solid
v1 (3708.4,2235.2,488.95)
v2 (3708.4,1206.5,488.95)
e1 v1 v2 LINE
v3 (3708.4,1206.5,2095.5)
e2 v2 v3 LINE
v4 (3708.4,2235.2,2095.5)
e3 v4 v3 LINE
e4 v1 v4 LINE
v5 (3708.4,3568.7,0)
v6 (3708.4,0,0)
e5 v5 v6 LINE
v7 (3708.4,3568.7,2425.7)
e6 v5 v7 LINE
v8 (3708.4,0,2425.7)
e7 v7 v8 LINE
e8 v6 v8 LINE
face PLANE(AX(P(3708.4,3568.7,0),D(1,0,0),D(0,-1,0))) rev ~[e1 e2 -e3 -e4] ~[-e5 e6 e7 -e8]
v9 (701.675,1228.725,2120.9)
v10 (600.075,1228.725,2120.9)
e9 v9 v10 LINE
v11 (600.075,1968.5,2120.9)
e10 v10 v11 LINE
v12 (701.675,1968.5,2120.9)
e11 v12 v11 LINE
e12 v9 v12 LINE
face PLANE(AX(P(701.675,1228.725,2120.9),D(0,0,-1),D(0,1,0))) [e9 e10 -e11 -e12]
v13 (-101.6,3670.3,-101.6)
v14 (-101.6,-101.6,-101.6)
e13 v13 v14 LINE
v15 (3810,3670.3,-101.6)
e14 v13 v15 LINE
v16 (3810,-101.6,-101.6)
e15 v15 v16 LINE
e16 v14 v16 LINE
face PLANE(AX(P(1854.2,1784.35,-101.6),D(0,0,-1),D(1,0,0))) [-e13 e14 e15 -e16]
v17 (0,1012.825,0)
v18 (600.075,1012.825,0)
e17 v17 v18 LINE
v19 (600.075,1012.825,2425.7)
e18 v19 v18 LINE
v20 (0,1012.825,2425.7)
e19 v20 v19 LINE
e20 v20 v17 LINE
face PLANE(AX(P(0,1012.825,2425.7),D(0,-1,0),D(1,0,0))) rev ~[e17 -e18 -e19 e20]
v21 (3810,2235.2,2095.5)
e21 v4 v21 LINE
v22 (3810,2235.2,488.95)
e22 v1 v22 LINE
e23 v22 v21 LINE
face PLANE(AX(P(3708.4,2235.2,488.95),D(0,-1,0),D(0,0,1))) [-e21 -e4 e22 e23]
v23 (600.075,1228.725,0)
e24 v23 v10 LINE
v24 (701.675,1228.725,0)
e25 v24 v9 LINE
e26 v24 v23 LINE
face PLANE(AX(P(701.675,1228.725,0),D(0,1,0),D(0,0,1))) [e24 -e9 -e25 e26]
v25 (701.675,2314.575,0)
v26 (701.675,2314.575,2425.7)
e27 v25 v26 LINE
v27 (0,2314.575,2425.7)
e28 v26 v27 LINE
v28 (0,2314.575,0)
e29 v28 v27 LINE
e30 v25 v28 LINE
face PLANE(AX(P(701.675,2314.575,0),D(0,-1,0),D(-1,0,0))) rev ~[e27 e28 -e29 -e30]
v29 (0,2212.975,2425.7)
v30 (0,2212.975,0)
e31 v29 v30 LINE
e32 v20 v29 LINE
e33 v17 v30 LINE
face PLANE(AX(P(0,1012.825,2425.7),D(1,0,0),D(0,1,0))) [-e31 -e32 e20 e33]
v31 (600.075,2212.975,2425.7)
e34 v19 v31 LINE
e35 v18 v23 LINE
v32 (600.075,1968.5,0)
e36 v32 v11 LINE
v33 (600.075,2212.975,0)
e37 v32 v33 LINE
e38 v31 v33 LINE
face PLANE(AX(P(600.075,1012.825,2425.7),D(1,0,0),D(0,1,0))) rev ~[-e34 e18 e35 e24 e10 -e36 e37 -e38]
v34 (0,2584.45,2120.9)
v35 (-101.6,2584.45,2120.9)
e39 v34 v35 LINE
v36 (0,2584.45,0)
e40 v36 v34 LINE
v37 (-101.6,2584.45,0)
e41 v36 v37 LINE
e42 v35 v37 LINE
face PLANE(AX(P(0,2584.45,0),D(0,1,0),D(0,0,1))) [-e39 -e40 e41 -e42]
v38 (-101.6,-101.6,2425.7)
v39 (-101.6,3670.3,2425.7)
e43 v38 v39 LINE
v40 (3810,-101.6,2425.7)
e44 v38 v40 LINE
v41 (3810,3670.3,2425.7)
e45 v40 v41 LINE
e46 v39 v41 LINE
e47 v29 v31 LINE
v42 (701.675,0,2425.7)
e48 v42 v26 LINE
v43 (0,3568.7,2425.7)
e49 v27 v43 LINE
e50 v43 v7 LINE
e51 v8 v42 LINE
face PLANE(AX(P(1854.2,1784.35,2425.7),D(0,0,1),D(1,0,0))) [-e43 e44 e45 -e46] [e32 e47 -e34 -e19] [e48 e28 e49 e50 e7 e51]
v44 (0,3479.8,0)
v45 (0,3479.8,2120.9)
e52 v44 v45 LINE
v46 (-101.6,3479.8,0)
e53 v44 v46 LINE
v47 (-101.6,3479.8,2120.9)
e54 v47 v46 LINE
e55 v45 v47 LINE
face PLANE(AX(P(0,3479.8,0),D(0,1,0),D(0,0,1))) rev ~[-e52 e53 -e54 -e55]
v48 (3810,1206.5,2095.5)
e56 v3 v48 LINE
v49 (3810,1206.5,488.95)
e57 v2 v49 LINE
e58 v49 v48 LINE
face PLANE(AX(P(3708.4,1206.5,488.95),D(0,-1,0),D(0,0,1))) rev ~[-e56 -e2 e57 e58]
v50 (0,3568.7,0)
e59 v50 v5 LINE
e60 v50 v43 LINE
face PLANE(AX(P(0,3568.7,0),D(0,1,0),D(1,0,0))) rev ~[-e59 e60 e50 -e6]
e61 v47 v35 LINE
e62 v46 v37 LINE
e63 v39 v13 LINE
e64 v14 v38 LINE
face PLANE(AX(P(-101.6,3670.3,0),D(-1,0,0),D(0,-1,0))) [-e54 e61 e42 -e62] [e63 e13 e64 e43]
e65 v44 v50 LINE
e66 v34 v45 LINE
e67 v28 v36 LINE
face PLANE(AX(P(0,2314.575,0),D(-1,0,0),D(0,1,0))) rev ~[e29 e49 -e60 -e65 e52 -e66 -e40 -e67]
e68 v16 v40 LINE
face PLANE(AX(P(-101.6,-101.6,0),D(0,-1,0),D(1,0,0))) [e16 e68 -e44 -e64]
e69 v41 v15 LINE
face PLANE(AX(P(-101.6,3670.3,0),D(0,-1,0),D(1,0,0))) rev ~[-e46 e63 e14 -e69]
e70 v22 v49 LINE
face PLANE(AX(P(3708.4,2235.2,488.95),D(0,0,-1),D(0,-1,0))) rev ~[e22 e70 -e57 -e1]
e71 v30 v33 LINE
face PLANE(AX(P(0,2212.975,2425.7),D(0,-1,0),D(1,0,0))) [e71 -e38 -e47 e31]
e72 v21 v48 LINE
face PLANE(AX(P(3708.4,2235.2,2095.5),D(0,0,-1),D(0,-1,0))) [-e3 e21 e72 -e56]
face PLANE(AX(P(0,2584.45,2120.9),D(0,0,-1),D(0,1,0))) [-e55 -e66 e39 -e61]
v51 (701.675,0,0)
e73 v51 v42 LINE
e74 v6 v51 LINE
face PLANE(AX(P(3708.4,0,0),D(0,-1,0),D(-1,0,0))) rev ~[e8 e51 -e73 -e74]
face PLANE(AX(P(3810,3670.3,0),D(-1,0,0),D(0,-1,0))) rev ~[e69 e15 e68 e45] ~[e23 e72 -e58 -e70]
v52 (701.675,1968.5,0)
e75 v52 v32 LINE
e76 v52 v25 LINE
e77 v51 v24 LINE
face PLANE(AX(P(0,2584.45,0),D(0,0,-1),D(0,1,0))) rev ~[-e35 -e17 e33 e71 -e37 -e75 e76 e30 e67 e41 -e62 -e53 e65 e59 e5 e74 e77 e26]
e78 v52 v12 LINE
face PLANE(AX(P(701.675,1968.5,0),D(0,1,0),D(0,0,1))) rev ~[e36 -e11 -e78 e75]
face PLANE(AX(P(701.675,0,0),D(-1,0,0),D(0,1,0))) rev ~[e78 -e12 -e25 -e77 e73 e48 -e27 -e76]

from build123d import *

# Parameters (mm, degrees)
F0_W      = 3911.6
F0_H      = 3771.9
F1_DEPTH  = 2425.7
F2_W      = 3911.6
F2_H      = 3771.9
F3_DEPTH  = 101.6
F4_W      = 895.35
F4_H      = 2120.9
F5_DEPTH  = 101.601
F6_W      = 1028.7
F6_H      = 1606.55
F7_DEPTH  = 101.601
F8_W      = 739.775
F8_H      = 2120.9
F9_DEPTH  = 101.6
F10_W     = 600.075
F10_H     = 1200.15
F11_DEPTH = 2425.7


with BuildPart() as f1:
    # F0 (on Top) → F1 (new body)
    with BuildSketch(Plane.XY):
        with Locations((1854.2, 1784.35)):
            Rectangle(F0_W, F0_H)
        Polygon((3708.4, 0), (701.675, 0), (701.675, 2314.575), (0, 2314.575), (0, 3568.7), (3708.4, 3568.7), align=None, mode=Mode.SUBTRACT)
    extrude(amount=F1_DEPTH)

    # F2 (on face) → F3 (join)
    with BuildSketch(Plane(origin=(0, 0, 0), x_dir=(1, 0, 0), z_dir=(0, 0, -1))):
        with Locations((1854.2, -1784.35)):
            Rectangle(F2_W, F2_H)
    extrude(amount=F3_DEPTH)

    # F4 (on face) → F5 (cut, through all)
    with BuildSketch(Plane.YZ):
        with Locations((3032.125, 1060.45)):
            Rectangle(F4_W, F4_H)
    extrude(amount=-F5_DEPTH, mode=Mode.SUBTRACT)

    # F6 (on face) → F7 (cut, through all)
    with BuildSketch(Plane(origin=(3708.4, 0, 0), x_dir=(0, -1, 0), z_dir=(-1, 0, 0))):
        with Locations((-1720.85, 1292.225)):
            Rectangle(F6_W, F6_H)
    extrude(amount=-F7_DEPTH, mode=Mode.SUBTRACT)

    # F8 (on face) → F9 (cut)
    with BuildSketch(Plane.YZ.offset(701.675)):
        with Locations((1598.6125, 1060.45)):
            Rectangle(F8_W, F8_H)
    extrude(amount=-F9_DEPTH, mode=Mode.SUBTRACT)

    # F10 (on face) → F11 (cut, through all)
    with BuildSketch(Plane.XY.offset(2425.7)):
        with Locations((300.0375, 1612.9)):
            Rectangle(F10_W, F10_H)
    extrude(amount=-F11_DEPTH, mode=Mode.SUBTRACT)


solid = f1.part
